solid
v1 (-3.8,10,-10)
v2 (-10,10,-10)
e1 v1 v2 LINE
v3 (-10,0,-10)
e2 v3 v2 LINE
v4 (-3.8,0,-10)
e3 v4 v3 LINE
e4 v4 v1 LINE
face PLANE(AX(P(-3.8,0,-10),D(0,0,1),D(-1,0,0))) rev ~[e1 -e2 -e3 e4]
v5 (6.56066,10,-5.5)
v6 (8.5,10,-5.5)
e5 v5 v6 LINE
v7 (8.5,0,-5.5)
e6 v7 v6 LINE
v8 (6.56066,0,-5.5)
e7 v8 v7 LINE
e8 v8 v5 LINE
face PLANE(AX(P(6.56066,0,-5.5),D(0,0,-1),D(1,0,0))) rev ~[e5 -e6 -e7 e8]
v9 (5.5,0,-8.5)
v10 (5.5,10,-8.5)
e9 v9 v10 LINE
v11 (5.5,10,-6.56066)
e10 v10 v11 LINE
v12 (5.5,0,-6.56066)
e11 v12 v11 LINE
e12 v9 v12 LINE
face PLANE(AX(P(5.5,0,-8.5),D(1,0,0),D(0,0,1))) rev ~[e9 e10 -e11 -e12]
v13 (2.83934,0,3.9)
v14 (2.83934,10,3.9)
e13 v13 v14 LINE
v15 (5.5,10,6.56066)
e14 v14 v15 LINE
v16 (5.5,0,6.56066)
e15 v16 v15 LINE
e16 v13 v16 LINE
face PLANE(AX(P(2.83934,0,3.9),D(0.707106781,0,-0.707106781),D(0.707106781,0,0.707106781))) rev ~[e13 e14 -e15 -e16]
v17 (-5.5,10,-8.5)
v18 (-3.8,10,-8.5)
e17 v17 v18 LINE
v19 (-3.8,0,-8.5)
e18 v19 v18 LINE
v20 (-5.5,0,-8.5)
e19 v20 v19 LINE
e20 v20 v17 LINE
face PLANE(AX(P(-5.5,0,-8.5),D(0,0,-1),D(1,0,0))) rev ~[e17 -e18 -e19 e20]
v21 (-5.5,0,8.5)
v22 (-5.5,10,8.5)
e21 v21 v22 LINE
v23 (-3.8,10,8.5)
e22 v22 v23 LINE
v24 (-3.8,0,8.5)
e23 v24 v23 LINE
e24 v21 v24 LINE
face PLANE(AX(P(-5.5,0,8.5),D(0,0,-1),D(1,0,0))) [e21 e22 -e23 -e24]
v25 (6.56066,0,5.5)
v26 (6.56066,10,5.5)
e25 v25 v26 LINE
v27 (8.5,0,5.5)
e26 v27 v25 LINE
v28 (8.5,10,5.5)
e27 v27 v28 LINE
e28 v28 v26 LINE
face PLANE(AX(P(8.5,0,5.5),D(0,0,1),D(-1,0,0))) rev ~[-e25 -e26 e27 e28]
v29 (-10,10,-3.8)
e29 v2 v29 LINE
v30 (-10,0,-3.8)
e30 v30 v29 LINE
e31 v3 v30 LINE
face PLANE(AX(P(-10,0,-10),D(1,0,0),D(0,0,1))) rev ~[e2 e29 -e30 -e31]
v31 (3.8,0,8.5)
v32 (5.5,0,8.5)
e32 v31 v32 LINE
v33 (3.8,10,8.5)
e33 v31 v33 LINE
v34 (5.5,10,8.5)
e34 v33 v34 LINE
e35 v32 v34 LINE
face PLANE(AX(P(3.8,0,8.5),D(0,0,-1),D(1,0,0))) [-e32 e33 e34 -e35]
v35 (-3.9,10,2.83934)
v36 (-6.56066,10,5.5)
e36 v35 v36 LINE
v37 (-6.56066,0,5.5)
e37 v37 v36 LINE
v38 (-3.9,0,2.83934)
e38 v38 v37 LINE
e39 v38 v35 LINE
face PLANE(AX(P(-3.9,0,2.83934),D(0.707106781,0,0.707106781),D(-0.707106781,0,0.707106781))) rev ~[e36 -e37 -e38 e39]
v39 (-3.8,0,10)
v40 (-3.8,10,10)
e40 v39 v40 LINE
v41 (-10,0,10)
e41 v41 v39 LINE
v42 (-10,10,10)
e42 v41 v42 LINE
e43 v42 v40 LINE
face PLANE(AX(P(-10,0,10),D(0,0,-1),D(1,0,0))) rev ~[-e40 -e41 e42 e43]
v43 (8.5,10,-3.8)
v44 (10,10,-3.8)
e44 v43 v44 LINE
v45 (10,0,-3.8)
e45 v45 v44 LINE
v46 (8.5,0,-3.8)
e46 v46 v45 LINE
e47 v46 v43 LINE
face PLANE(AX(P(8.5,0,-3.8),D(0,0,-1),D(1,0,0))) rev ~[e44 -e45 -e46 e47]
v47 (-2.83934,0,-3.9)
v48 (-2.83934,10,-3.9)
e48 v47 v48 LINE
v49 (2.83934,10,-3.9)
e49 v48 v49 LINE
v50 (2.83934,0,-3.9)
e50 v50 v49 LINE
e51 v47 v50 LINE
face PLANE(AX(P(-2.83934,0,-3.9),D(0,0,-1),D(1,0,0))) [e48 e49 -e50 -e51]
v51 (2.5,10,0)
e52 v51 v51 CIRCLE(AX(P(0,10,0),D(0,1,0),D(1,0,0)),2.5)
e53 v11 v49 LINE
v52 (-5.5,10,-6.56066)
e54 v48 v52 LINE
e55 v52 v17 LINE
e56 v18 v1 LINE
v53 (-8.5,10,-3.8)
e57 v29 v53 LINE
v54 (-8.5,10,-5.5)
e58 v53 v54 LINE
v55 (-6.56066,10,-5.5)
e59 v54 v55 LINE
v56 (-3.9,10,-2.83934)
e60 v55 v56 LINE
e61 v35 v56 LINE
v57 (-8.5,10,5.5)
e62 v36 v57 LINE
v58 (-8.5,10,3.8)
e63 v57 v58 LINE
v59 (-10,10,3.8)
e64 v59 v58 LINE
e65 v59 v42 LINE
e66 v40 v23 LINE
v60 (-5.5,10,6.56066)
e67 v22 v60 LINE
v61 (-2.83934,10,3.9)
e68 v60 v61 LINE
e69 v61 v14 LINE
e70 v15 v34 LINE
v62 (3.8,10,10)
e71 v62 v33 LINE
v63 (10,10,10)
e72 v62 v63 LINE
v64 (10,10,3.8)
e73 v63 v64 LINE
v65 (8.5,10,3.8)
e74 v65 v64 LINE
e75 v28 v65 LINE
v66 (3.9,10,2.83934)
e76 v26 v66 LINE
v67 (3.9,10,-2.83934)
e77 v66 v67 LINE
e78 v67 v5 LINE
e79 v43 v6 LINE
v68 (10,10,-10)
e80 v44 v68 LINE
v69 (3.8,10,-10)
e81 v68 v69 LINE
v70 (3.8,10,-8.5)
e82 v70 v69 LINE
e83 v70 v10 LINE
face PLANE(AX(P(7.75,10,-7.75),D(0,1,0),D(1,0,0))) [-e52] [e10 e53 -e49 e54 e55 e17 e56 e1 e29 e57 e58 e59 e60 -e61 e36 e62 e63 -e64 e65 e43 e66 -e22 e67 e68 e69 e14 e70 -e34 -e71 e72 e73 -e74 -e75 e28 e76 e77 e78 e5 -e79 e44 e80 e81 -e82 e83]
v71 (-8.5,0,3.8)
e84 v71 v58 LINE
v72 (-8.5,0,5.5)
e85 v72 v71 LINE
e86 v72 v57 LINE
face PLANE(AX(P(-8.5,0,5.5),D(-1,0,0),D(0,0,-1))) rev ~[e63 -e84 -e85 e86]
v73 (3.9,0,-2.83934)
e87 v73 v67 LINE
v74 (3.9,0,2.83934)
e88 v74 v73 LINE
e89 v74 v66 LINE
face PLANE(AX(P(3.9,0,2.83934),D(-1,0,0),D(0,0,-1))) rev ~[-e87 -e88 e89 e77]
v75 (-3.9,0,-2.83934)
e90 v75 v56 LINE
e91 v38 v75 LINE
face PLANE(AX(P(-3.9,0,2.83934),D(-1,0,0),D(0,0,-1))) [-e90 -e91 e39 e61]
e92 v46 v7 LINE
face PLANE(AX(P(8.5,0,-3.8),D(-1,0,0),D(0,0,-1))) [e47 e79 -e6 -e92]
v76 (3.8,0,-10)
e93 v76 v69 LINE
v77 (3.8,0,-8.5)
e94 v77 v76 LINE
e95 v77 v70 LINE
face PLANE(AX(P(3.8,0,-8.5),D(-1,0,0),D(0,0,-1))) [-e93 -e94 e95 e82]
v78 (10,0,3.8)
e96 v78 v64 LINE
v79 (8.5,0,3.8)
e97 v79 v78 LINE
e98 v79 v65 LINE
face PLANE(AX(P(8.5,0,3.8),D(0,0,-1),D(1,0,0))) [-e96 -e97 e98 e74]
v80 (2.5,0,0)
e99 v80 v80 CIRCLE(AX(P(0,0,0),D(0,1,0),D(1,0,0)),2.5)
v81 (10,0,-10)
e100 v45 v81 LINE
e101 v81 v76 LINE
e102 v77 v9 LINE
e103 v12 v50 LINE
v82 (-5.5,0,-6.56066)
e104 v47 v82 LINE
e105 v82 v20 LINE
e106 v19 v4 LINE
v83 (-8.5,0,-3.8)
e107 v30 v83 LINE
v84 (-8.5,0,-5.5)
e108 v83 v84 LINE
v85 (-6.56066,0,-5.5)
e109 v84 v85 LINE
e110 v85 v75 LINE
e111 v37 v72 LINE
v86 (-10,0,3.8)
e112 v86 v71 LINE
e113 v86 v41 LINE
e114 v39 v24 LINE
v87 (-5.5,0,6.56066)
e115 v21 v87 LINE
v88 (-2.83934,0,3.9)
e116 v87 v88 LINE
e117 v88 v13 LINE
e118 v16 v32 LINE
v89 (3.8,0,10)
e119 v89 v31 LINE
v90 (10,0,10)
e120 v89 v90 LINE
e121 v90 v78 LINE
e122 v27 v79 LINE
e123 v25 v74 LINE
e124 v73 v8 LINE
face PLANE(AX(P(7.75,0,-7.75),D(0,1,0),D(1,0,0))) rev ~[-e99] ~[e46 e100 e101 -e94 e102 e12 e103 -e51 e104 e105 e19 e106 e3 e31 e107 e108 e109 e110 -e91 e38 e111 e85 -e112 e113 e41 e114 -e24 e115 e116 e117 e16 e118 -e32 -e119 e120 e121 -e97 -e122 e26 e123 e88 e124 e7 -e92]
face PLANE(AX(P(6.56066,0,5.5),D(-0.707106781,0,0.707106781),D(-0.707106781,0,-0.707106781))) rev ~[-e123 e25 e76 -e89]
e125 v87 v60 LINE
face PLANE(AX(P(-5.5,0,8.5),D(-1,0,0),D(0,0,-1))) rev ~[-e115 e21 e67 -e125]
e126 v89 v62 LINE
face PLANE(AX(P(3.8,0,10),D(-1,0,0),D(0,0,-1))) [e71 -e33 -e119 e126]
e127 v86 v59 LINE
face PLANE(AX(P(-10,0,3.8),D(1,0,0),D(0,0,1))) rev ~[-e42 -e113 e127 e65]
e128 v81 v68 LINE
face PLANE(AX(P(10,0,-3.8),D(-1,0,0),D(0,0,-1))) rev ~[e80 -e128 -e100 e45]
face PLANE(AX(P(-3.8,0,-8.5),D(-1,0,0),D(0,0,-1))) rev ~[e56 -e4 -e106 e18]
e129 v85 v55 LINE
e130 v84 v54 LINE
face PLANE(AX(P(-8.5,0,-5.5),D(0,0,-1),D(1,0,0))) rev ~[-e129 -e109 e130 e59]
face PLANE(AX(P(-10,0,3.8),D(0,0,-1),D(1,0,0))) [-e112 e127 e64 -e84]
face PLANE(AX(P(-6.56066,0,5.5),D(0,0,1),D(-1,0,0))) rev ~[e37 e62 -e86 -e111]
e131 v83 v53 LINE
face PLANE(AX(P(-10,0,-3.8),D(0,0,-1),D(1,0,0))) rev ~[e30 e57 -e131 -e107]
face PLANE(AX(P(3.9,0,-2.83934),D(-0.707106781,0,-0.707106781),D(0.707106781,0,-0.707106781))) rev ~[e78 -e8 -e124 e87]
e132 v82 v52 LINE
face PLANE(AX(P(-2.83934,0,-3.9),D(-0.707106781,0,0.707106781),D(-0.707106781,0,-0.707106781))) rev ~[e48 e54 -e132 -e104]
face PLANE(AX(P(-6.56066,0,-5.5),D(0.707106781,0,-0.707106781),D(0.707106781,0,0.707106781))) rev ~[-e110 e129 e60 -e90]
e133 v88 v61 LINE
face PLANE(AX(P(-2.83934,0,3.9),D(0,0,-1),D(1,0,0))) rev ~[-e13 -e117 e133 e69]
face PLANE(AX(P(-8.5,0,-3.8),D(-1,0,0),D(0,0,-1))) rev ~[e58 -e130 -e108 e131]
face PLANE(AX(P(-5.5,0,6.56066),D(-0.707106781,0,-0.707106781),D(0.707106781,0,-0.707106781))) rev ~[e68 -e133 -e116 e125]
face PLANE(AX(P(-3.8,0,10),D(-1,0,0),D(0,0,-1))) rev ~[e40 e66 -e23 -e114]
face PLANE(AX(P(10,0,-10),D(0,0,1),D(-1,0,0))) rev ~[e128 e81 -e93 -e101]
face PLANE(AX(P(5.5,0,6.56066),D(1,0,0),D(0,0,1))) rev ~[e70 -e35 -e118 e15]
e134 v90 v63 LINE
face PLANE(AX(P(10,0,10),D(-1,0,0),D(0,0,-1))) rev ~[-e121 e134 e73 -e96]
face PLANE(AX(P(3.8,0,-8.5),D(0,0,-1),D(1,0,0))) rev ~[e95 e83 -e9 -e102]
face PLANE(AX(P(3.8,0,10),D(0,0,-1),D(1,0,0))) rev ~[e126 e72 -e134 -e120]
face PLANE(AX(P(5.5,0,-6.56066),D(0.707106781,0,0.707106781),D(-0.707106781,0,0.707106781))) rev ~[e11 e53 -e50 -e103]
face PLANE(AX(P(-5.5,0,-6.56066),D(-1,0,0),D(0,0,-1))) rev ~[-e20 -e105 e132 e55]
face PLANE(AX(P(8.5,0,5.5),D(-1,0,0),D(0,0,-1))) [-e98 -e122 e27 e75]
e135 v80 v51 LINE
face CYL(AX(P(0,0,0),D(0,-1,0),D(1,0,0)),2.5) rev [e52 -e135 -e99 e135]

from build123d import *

# Parameters (mm, degrees)
SKETCH_1_W      = 1.5
SKETCH_1_H      = 1.7
SKETCH_1_W_2    = 1.7
SKETCH_1_H_2    = 1.5
SKETCH_1_W_3    = 7.8
SKETCH_1_H_3    = 7.8
SKETCH_1_R      = 2.5
EXTRUDE_1_DEPTH = 10


with BuildPart() as part:
    # 草图1 → 凸台-拉伸1 (new body)
    with BuildSketch(Plane(origin=(0, 0, 0), x_dir=(1, 0, 0), z_dir=(0, 1, 0))):
        Polygon((5.5, 8.5), (5.5, 6.560660172), (5.5, 5.5), (6.560660172, 5.5), (8.5, 5.5), (10, 5.5), (10, 10), (5.5, 10), align=None)
        with Locations((9.25, 4.65)):
            Rectangle(SKETCH_1_W, SKETCH_1_H)
        Polygon((5.5, 6.560660172), (2.839339828, 3.9), (3.9, 3.9), (3.9, 2.839339828), (6.560660172, 5.5), (5.5, 5.5), align=None)
        with Locations((4.65, 9.25)):
            Rectangle(SKETCH_1_W_2, SKETCH_1_H_2)
        Rectangle(SKETCH_1_W_3, SKETCH_1_H_3)
        Circle(SKETCH_1_R, mode=Mode.SUBTRACT)
        with Locations((-4.65, 9.25)):
            Rectangle(SKETCH_1_W_2, SKETCH_1_H_2)
        Polygon((-8.5, 5.5), (-6.560660172, 5.5), (-5.5, 5.5), (-5.5, 6.560660172), (-5.5, 8.5), (-5.5, 10), (-10, 10), (-10, 5.5), align=None)
        with Locations((-9.25, 4.65)):
            Rectangle(SKETCH_1_W, SKETCH_1_H)
        Polygon((-5.5, 5.5), (-6.560660172, 5.5), (-3.9, 2.839339828), (-3.9, 3.9), (-2.839339828, 3.9), (-5.5, 6.560660172), align=None)
        Polygon((-5.5, -5.5), (-6.560660172, -5.5), (-8.5, -5.5), (-10, -5.5), (-10, -10), (-5.5, -10), (-5.5, -8.5), (-5.5, -6.560660172), align=None)
        with Locations((-4.65, -9.25)):
            Rectangle(SKETCH_1_W_2, SKETCH_1_H_2)
        with Locations((-9.25, -4.65)):
            Rectangle(SKETCH_1_W, SKETCH_1_H)
        Polygon((-3.9, -3.9), (-3.9, -2.839339828), (-6.560660172, -5.5), (-5.5, -5.5), (-5.5, -6.560660172), (-2.839339828, -3.9), align=None)
        Polygon((3.9, -3.9), (2.839339828, -3.9), (5.5, -6.560660172), (5.5, -5.5), (6.560660172, -5.5), (3.9, -2.839339828), align=None)
        Polygon((5.5, -5.5), (5.5, -6.560660172), (5.5, -8.5), (5.5, -10), (10, -10), (10, -5.5), (8.5, -5.5), (6.560660172, -5.5), align=None)
        with Locations((9.25, -4.65)):
            Rectangle(SKETCH_1_W, SKETCH_1_H)
        with Locations((4.65, -9.25)):
            Rectangle(SKETCH_1_W_2, SKETCH_1_H_2)
    extrude(amount=EXTRUDE_1_DEPTH)


solid = part.part
